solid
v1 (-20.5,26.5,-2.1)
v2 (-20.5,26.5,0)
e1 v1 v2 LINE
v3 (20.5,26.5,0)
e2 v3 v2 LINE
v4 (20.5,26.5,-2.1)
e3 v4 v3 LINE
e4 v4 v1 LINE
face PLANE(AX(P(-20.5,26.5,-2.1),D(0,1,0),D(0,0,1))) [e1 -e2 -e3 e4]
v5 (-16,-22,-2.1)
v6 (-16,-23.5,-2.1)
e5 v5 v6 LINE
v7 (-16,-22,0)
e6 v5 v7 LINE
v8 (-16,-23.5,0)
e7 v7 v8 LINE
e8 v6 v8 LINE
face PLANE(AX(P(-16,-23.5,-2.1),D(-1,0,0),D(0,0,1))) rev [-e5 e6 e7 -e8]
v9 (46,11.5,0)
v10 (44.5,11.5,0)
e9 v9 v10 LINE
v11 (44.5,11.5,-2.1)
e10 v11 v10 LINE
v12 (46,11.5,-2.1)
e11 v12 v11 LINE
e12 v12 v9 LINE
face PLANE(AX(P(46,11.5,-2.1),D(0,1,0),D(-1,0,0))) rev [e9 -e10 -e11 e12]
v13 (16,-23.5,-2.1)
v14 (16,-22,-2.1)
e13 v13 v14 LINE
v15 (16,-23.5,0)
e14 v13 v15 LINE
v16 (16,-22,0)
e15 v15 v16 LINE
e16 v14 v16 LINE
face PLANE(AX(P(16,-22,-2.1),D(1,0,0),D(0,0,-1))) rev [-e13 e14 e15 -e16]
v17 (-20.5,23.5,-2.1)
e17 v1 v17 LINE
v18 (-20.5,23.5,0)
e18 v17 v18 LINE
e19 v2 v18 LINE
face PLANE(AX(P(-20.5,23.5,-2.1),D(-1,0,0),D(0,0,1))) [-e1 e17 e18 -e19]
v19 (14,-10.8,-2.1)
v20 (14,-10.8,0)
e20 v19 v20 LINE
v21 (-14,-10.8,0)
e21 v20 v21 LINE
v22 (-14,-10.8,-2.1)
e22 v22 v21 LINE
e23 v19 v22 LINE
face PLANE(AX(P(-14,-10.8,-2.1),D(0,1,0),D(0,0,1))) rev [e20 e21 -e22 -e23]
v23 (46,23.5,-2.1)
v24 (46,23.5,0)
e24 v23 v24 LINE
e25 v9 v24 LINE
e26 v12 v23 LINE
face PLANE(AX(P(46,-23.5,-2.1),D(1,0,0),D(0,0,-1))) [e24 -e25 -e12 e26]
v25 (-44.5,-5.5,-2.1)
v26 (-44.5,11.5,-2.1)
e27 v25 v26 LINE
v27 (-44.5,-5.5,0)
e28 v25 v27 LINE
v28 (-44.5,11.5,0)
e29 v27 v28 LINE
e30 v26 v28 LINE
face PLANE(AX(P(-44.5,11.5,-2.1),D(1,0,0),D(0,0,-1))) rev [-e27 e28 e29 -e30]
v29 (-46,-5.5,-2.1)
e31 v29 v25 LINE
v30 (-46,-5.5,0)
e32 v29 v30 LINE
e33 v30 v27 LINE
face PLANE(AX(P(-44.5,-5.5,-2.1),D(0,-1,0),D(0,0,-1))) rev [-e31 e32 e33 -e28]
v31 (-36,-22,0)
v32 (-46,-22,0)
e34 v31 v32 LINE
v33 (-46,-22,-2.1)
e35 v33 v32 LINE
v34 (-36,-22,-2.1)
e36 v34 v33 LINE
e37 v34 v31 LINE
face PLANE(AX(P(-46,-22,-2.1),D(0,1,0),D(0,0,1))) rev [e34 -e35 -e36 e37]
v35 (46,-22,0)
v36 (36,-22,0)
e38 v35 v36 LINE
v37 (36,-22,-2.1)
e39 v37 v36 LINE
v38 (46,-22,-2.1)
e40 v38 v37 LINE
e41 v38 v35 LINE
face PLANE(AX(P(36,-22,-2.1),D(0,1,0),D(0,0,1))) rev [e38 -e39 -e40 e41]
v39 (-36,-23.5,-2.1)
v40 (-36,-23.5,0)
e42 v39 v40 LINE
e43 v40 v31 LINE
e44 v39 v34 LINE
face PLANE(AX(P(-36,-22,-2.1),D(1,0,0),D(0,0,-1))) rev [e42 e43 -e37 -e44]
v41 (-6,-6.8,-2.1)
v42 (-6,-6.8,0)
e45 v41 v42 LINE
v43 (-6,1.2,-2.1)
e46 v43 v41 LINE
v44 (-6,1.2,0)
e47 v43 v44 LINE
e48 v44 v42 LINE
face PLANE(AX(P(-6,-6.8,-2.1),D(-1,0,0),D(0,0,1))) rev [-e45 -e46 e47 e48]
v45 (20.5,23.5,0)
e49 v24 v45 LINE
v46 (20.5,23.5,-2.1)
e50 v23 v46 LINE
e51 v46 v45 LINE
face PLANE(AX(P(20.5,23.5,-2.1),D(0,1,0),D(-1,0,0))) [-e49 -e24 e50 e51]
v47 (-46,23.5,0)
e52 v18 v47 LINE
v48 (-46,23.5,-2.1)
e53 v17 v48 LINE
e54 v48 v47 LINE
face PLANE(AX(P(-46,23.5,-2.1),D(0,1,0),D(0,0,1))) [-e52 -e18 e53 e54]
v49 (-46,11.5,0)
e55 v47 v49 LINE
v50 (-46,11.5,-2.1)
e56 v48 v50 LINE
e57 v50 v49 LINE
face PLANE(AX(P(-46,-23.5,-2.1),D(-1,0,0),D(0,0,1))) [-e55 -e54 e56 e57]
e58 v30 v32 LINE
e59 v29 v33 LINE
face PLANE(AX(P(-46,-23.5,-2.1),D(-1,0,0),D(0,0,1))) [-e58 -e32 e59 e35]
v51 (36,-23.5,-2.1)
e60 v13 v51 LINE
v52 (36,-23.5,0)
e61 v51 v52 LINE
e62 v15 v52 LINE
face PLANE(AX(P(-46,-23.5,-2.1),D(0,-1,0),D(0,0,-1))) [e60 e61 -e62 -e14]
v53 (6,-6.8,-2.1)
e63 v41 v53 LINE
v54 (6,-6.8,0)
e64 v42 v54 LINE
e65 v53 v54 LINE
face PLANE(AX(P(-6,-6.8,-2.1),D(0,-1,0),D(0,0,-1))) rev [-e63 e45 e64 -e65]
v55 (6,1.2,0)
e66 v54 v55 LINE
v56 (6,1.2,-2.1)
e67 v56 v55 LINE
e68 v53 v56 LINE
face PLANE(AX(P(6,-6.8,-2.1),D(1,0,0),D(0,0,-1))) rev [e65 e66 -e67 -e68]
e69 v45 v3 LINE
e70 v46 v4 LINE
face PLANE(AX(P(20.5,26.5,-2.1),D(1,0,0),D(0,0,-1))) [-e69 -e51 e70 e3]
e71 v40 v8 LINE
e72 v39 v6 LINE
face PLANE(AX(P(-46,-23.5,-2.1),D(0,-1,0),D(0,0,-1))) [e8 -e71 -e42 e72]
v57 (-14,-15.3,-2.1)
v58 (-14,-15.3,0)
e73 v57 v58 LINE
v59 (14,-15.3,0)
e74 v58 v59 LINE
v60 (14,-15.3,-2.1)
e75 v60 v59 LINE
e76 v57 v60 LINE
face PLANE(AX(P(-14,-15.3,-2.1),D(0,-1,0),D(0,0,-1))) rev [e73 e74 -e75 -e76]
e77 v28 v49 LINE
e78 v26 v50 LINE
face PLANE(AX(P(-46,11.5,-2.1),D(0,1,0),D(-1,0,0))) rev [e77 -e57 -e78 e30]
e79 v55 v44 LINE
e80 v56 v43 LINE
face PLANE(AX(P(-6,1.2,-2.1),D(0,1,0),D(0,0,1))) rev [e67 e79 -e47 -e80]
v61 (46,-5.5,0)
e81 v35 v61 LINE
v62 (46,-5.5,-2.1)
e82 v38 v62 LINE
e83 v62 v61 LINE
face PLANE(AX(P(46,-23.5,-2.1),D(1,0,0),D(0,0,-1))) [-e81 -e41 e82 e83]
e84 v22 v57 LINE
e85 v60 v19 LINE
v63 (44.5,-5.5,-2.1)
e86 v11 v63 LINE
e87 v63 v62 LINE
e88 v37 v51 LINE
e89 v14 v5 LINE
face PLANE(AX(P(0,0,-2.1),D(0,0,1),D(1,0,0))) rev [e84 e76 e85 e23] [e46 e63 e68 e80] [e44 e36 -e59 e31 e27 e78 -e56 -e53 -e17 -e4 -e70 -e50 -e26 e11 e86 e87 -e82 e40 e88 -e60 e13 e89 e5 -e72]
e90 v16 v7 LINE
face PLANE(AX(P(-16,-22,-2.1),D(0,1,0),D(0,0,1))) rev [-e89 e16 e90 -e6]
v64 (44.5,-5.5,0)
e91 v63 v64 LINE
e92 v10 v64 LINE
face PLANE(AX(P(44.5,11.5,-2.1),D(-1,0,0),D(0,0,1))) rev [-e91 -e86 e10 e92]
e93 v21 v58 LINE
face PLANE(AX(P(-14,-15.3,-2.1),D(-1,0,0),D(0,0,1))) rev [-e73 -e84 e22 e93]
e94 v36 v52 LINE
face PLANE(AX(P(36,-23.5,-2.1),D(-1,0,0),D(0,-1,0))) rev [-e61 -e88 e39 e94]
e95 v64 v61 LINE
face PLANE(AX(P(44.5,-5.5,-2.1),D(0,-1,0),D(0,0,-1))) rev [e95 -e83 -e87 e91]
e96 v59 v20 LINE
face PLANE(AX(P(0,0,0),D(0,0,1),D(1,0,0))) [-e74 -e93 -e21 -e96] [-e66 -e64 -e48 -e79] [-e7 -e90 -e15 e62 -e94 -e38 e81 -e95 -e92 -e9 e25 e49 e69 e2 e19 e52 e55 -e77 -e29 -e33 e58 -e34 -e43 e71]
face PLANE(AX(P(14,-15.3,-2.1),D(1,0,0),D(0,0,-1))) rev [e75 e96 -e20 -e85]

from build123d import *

# Parameters (mm, degrees)
BOSS_EXTRUDE1_DEPTH = 2.1
SKETCH2_W           = 28
SKETCH2_H           = 4.5
SKETCH2_W_2         = 12
SKETCH2_H_2         = 8
CUT_EXTRUDE2_DEPTH  = 54.128711635
SKETCH3_W           = 1.5
SKETCH3_H           = 17
SKETCH3_W_2         = 10
SKETCH3_H_2         = 1.5
SKETCH3_W_3         = 32
CUT_EXTRUDE3_DEPTH  = 54.128711635


with BuildPart() as part:
    # Sketch1 → Boss-Extrude1 (new body)
    with BuildSketch(Plane.XY):
        Polygon((-46, 23.5), (-20.5, 23.5), (-20.5, 26.5), (20.5, 26.5), (20.5, 23.5), (46, 23.5), (46, -23.5), (-46, -23.5), align=None)
    extrude(amount=-BOSS_EXTRUDE1_DEPTH)

    # Sketch2 → Cut-Extrude2 (cut, through all)
    with BuildSketch(Plane.XY):
        with Locations((0, -13.05)):
            Rectangle(SKETCH2_W, SKETCH2_H)
        with Locations((0, -2.8)):
            Rectangle(SKETCH2_W_2, SKETCH2_H_2)
    extrude(amount=-CUT_EXTRUDE2_DEPTH, mode=Mode.SUBTRACT)

    # Sketch3 → Cut-Extrude3 (cut, through all)
    with BuildSketch(Plane.XY):
        with Locations((-45.25, 3)):
            Rectangle(SKETCH3_W, SKETCH3_H)
        with Locations((-41, -22.75)):
            Rectangle(SKETCH3_W_2, SKETCH3_H_2)
        with Locations((0, -22.75)):
            Rectangle(SKETCH3_W_3, SKETCH3_H_2)
        with Locations((41, -22.75)):
            Rectangle(SKETCH3_W_2, SKETCH3_H_2)
        with Locations((45.25, 3)):
            Rectangle(SKETCH3_W, SKETCH3_H)
    extrude(amount=-CUT_EXTRUDE3_DEPTH, mode=Mode.SUBTRACT)


solid = part.part
